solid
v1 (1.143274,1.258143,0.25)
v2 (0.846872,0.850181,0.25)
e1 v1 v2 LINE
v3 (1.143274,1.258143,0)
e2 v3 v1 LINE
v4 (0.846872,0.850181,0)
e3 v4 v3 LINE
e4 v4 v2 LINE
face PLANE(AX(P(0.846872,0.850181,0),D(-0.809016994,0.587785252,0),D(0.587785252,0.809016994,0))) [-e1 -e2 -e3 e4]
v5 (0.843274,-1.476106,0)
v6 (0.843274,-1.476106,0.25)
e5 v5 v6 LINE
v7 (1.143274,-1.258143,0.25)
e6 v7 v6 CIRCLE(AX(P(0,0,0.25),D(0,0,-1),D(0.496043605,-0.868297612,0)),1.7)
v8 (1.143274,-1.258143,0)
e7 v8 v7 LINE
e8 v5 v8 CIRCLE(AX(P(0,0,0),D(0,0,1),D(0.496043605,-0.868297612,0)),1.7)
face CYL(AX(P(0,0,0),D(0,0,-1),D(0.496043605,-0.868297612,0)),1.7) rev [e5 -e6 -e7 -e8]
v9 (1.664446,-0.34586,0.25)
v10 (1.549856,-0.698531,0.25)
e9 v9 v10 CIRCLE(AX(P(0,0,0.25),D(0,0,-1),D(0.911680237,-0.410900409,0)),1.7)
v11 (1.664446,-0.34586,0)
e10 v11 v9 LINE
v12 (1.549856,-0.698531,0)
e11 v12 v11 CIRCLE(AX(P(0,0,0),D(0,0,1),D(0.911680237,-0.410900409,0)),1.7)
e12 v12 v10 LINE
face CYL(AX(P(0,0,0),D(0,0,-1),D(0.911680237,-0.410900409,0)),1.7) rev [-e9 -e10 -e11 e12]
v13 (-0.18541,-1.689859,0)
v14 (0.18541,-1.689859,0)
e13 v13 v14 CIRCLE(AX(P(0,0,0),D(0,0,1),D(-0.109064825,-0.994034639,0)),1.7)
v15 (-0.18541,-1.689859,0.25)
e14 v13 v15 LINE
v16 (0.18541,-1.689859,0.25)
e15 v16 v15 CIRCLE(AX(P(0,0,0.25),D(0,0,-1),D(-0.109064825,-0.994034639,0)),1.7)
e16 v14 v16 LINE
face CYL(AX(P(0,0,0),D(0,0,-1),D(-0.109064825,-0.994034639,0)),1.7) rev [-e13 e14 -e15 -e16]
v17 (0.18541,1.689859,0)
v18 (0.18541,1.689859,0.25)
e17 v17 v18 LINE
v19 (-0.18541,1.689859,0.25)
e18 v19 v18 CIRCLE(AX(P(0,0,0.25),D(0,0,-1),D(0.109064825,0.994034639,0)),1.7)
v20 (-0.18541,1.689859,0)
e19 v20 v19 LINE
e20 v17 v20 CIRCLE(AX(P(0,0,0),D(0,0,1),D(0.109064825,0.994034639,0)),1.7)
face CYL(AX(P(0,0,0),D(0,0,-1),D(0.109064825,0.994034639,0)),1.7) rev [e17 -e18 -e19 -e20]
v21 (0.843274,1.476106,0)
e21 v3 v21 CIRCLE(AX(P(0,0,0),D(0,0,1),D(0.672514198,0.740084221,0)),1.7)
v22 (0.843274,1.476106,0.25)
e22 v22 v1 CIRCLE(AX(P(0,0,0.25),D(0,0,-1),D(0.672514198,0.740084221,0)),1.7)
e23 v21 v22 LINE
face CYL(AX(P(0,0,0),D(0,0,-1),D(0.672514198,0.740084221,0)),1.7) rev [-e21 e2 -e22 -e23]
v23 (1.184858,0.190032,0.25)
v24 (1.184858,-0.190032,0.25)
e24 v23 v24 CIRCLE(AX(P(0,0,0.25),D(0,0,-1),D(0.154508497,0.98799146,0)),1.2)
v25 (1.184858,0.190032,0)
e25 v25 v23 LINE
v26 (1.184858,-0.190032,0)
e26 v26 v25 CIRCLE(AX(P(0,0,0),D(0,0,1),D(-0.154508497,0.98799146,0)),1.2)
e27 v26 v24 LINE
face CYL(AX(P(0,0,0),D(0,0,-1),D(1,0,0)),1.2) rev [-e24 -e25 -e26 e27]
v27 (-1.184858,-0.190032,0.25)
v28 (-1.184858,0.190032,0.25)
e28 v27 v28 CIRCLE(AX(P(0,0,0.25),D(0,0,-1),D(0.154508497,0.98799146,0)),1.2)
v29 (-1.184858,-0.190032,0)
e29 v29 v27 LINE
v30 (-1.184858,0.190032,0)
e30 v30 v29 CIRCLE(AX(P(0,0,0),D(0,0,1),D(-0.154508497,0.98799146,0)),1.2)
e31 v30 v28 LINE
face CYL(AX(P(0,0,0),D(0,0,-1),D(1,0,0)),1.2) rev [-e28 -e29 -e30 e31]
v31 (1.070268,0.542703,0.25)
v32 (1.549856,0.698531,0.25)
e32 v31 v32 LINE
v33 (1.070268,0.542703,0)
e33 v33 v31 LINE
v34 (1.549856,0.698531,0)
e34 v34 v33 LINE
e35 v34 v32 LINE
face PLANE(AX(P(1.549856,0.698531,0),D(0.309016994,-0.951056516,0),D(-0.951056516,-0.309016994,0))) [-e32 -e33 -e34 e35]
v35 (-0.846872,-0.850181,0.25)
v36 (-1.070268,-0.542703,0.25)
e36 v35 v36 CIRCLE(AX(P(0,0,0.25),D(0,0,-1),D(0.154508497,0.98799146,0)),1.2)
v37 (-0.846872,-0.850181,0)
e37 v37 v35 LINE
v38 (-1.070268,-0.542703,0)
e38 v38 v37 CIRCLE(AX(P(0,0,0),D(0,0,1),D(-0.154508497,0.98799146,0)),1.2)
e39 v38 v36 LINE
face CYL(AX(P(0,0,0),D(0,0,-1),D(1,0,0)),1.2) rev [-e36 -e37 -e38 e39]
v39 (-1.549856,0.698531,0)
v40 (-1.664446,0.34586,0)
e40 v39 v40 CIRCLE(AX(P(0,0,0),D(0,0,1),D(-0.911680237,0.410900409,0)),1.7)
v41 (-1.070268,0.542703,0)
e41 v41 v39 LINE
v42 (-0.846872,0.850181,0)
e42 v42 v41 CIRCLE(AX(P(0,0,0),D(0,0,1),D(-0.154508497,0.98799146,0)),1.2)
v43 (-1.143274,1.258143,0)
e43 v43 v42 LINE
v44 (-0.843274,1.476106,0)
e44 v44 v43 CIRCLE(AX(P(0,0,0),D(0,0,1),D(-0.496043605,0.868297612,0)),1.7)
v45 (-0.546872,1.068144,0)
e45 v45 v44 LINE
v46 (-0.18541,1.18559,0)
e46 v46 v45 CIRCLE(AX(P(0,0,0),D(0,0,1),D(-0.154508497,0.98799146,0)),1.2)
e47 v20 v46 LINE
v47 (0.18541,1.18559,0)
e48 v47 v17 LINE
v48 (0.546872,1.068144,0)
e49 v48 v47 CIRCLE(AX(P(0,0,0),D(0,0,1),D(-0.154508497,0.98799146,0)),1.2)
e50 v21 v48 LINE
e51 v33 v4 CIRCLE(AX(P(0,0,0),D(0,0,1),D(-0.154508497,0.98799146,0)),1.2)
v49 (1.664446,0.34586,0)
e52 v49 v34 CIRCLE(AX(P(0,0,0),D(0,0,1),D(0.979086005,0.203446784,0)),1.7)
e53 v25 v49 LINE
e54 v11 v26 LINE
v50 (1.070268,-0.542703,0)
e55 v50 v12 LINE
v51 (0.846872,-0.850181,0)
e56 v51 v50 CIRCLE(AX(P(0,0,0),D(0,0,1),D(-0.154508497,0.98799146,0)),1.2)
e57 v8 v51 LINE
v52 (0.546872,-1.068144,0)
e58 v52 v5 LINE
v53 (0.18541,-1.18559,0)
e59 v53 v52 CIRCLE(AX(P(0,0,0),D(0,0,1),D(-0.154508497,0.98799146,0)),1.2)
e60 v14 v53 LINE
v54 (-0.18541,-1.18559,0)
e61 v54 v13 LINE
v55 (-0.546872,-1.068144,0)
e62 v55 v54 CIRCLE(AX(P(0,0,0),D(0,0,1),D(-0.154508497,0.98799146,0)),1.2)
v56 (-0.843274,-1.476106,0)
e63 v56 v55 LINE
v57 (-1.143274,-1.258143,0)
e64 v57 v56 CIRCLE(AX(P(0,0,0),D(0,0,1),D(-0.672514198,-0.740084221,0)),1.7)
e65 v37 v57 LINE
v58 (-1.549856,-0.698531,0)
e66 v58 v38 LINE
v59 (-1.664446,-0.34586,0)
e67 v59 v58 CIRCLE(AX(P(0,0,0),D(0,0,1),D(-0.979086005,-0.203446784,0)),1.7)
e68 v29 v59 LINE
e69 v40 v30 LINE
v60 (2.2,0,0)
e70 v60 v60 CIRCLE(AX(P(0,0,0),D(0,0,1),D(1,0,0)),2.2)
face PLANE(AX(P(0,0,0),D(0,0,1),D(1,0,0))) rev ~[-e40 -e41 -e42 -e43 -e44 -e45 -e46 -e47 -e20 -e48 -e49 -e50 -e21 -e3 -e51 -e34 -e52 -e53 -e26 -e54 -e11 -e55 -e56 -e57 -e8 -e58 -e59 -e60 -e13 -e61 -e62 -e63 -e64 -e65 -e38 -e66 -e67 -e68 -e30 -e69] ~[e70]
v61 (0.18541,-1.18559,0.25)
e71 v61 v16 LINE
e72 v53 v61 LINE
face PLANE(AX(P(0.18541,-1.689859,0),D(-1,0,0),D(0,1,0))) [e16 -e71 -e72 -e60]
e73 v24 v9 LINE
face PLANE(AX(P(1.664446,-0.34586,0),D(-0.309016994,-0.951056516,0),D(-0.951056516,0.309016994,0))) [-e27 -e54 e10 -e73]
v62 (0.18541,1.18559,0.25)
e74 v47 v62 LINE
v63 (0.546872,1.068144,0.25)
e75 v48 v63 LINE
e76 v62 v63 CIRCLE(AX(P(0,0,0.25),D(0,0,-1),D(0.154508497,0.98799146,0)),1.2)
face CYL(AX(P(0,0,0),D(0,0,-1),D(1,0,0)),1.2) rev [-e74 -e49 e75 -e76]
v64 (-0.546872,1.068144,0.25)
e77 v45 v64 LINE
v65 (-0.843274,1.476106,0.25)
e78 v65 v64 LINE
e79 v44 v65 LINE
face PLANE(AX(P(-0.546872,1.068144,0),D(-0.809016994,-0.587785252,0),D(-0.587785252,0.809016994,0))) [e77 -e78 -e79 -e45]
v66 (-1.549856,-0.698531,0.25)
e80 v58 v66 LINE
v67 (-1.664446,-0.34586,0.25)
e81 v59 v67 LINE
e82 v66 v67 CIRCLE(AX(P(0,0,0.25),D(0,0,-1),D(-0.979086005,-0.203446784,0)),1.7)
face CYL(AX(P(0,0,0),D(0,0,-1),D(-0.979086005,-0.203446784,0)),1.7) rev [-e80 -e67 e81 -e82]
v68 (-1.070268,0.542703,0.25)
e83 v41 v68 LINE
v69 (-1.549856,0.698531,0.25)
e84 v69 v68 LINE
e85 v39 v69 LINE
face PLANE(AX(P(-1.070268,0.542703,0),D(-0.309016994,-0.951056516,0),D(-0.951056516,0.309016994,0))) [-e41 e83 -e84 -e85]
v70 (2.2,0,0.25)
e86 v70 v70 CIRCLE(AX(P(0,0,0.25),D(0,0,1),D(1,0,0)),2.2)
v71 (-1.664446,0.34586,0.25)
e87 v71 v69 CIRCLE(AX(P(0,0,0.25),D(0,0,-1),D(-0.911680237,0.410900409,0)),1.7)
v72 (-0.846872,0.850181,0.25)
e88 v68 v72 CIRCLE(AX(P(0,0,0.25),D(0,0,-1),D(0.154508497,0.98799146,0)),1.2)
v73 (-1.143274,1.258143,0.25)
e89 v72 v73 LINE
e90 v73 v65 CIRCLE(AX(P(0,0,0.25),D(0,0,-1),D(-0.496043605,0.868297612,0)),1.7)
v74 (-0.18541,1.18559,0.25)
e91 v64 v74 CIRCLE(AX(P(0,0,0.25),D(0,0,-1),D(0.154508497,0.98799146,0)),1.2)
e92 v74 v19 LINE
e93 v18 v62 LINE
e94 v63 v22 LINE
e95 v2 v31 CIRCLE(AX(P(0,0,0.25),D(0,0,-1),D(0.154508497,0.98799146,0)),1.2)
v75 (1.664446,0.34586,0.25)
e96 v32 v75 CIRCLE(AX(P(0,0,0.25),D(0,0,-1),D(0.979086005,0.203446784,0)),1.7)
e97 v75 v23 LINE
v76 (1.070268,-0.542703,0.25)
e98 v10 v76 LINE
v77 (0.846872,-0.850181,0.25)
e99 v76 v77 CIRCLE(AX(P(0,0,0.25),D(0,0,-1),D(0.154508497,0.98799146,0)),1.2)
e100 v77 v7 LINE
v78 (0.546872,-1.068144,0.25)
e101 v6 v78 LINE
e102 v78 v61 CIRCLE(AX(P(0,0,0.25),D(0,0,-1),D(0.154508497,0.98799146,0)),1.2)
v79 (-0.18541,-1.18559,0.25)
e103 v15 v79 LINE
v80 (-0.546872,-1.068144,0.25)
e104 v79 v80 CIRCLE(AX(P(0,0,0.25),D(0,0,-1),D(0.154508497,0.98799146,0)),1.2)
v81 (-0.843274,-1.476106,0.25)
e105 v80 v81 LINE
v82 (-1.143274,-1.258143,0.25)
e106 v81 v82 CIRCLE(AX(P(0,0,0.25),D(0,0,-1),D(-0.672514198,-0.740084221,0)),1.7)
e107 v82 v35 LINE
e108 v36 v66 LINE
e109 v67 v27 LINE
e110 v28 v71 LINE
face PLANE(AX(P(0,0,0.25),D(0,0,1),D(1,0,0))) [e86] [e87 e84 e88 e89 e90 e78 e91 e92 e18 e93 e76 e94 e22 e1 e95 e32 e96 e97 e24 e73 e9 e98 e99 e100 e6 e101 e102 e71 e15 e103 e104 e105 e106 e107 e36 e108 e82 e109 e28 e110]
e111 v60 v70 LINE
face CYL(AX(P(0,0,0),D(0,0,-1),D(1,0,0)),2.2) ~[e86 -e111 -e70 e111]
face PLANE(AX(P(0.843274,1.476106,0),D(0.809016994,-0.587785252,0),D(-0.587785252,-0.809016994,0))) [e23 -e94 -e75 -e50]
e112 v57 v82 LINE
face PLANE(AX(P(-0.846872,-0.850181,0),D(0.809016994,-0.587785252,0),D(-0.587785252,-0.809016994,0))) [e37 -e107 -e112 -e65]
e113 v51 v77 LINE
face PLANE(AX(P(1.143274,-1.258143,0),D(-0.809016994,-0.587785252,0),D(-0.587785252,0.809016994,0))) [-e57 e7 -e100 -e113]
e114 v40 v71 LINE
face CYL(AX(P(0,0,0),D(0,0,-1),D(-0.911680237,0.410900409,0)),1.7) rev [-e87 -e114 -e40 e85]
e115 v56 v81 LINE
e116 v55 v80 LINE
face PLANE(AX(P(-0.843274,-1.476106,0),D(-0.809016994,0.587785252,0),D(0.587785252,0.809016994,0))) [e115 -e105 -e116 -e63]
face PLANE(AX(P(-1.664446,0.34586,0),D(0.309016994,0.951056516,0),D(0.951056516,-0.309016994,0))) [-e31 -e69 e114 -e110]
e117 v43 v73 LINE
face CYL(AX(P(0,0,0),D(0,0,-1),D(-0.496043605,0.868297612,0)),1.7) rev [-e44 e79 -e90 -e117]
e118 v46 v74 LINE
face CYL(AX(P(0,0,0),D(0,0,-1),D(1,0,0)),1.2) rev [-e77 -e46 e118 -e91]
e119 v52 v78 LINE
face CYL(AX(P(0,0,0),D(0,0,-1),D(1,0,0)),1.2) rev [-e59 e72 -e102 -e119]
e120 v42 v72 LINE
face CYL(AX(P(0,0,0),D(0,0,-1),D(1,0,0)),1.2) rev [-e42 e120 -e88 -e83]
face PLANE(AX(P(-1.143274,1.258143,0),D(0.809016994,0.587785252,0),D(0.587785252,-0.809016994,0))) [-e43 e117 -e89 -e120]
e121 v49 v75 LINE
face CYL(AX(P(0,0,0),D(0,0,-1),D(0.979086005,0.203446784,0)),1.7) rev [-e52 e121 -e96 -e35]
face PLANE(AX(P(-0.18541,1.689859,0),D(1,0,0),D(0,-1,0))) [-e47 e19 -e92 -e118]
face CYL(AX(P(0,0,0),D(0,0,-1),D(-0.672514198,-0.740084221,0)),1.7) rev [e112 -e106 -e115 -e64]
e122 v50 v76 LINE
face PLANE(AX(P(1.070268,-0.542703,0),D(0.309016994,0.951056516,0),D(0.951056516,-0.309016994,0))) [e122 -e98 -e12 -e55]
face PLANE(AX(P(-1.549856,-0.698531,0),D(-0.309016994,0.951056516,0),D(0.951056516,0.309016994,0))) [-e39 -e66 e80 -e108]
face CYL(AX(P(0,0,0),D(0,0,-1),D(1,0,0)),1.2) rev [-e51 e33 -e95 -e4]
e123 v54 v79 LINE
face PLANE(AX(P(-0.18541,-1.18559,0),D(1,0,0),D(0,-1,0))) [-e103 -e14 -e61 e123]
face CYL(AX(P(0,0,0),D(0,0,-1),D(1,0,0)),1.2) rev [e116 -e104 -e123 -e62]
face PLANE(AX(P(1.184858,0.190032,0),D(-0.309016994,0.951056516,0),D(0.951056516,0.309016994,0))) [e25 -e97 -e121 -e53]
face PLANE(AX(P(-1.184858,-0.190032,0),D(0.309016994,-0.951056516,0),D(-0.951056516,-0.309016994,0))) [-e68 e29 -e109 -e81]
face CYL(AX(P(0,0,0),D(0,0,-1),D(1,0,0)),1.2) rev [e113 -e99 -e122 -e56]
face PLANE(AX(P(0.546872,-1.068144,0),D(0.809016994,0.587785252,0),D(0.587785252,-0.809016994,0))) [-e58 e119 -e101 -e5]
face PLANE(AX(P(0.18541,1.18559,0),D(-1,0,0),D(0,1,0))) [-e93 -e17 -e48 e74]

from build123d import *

# Parameters (mm, degrees)
SKETCH1_R          = 2.2
SKETCH1_R_2        = 1.2
EXTRUDE1_DEPTH     = 0.25
CUT_EXTRUDE1_DEPTH = 4.121297807
CIRPATTERN1_COUNT  = 10


with BuildPart() as part:
    # Sketch1 → Extrude1 (new body)
    with BuildSketch(Plane.XY):
        Circle(SKETCH1_R)
        Circle(SKETCH1_R_2, mode=Mode.SUBTRACT)
    extrude(amount=EXTRUDE1_DEPTH)

    # Sketch2 → Cut-Extrude1 (cut, through all)
    with BuildSketch(Plane.XY):
        with BuildLine():
            Line((-0.185410197, 1.689858887), (-0.185410197, 1.185589752))
            Line((-0.185410197, 1.185589752), (0.185410197, 1.185589752))
            Line((0.185410197, 1.185589752), (0.185410197, 1.689858887))
            ThreePointArc((0.185410197, 1.689858887), (0, 1.7), (-0.185410197, 1.689858887))
        make_face()
    cut_extrude1 = extrude(amount=CUT_EXTRUDE1_DEPTH, mode=Mode.SUBTRACT)

    # CirPattern1: Cut-Extrude1 ×10 about axis
    cirpattern1_axis = Axis((0, 0, 0), (0, 0, 1))
    for i in range(1, CIRPATTERN1_COUNT):
        add(cut_extrude1.rotate(cirpattern1_axis, i * 360 / CIRPATTERN1_COUNT), mode=Mode.SUBTRACT)


solid = part.part
